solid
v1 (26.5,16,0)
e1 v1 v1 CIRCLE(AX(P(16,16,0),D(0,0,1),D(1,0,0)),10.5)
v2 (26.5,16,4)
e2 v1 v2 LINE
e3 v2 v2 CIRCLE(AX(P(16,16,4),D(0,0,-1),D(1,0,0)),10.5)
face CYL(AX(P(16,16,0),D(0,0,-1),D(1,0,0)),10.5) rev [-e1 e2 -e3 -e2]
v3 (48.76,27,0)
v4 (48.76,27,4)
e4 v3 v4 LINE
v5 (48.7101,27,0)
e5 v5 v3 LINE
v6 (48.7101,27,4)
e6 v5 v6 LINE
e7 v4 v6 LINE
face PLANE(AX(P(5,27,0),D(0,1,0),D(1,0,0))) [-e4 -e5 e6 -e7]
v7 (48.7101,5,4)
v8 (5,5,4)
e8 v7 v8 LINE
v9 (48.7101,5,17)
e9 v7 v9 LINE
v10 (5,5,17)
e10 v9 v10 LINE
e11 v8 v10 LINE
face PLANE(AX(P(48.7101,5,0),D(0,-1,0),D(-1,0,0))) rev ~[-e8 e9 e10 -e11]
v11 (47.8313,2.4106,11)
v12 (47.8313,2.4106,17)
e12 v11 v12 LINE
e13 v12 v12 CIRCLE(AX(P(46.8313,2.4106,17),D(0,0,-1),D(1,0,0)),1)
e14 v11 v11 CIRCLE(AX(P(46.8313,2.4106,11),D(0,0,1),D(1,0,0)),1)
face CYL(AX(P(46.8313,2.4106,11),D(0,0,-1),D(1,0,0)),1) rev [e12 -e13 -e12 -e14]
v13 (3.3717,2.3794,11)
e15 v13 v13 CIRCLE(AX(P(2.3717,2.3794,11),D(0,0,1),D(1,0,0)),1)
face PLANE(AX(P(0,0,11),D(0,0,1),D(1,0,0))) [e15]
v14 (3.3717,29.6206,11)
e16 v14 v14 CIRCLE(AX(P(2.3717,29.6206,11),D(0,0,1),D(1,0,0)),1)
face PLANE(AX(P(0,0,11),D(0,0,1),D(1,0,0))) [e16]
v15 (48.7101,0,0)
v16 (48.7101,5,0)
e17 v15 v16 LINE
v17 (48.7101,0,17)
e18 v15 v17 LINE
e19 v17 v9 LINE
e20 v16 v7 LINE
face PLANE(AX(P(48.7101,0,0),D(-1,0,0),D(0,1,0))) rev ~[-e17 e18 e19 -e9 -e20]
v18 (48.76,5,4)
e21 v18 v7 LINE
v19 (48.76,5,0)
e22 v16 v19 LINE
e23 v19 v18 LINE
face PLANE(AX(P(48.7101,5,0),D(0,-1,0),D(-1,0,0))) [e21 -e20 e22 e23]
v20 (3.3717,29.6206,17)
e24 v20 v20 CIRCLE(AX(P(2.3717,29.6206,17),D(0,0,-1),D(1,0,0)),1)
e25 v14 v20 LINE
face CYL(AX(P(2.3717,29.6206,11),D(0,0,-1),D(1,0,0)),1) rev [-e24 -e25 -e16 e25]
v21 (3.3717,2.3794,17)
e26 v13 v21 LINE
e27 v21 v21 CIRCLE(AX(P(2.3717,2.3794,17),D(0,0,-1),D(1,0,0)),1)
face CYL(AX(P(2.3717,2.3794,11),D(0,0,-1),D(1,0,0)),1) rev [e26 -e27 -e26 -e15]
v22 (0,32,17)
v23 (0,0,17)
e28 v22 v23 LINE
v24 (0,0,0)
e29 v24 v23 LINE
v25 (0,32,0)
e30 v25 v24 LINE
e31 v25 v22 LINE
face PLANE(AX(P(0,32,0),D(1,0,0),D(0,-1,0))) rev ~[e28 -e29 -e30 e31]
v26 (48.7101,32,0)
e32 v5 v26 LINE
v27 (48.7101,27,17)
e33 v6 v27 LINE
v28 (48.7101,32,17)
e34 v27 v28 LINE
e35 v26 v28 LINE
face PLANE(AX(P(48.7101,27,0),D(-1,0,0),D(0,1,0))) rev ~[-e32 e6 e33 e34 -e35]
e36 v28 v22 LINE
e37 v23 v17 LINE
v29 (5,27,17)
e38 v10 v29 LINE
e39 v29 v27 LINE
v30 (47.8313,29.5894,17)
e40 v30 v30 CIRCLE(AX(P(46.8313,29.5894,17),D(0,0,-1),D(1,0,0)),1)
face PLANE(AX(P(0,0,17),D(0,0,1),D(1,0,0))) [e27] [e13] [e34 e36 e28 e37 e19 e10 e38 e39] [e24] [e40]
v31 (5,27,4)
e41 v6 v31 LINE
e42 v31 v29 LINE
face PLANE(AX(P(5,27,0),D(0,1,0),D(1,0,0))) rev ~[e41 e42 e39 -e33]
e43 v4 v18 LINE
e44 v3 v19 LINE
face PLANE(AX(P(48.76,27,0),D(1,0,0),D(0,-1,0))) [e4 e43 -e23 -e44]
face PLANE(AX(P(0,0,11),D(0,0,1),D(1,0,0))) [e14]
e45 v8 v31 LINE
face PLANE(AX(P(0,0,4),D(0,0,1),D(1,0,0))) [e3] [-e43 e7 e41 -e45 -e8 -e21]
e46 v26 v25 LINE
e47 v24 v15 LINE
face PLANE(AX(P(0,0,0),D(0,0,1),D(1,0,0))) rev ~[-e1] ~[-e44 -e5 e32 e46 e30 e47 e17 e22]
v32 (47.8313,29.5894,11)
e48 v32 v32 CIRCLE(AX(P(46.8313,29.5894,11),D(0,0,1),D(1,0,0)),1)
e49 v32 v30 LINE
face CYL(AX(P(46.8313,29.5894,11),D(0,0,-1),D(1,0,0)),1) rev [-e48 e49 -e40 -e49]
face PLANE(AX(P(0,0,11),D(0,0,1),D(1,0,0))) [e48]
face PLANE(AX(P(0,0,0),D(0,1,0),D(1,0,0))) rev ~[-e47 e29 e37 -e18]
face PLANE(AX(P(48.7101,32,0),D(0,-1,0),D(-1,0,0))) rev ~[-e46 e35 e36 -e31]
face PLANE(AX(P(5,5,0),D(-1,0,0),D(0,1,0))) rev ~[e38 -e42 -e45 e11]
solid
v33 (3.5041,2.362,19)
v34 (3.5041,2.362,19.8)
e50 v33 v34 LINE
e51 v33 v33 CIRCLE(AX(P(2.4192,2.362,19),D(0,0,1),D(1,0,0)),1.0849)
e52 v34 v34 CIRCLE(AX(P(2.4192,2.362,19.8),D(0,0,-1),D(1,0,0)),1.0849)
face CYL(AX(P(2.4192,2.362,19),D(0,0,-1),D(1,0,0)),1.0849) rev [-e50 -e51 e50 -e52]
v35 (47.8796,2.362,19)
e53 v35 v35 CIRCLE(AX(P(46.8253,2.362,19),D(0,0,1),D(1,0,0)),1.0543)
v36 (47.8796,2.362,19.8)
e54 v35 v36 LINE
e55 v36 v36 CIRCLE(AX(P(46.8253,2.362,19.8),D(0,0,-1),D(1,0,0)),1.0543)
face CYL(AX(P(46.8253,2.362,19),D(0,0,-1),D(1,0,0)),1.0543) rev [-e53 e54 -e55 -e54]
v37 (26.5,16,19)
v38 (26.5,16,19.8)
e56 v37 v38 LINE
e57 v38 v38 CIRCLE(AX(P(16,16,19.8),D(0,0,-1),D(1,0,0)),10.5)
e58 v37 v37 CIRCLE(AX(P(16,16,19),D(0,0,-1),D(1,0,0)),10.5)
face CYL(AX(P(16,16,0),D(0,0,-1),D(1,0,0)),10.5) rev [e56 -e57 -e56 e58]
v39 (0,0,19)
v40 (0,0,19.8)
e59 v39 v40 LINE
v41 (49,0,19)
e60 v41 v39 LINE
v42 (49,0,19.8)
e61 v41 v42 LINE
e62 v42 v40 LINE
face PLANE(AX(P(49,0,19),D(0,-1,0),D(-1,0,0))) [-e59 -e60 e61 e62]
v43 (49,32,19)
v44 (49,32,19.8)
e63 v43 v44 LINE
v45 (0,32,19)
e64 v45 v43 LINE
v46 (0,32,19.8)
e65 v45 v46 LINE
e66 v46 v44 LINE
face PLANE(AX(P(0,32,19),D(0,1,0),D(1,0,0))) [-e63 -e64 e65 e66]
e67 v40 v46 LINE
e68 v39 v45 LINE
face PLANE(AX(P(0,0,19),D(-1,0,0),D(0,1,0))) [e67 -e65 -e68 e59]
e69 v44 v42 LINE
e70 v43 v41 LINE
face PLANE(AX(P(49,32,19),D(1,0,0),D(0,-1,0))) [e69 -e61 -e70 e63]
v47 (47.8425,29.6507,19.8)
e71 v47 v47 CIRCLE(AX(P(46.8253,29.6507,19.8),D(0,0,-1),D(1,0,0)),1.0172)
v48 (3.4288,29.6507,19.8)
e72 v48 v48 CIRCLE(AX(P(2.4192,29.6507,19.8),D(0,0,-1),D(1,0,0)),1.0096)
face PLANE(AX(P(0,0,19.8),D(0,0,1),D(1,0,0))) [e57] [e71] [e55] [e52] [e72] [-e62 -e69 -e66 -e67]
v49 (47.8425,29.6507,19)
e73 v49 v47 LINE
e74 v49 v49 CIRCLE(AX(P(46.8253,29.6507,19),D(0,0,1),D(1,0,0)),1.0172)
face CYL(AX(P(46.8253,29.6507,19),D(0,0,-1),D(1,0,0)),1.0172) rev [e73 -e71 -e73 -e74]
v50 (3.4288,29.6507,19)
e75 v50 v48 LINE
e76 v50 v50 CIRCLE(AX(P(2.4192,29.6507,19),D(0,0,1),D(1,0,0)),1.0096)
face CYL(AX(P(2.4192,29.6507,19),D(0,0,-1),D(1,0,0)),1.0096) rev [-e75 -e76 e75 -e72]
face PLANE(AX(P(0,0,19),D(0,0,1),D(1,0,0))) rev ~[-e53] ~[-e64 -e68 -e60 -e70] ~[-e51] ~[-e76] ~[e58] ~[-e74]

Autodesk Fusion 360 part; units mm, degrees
sketch "Sketch1" plane through (0, 0, 0) normal (0, 0, 1) x (1, 0, 0)
  line L0 (0, 0) -> (48.7101, 0)
  line L1 (48.7101, 0) -> (48.7101, 32)
  line L2 (48.7101, 32) -> (0, 32)
  line L3 (0, 32) -> (0, 0)
  line L4 (5, 27) -> (48.76, 27)
  line L5 (48.76, 27) -> (48.76, 5)
  line L6 (48.76, 5) -> (5, 5)
  line L7 (5, 5) -> (5, 27)
  circle A0 centre (16, 16) radius 10.5
  line L8 (16, 16) -> (16, 27) construction
  line L9 (16, 16) -> (16, 5) construction
  circle A1 centre (2.3717, 29.6206) radius 1
  circle A2 centre (46.8313, 29.5894) radius 1
  line L10 (0, 16) -> (48.76, 16) construction
  circle A3 centre (2.3717, 2.3794) radius 1
  circle A4 centre (46.8313, 2.4106) radius 1
  dimension "d1" = 5
  dimension "d2" = 5
  dimension "d4" = 43.76
  dimension "d6" = 5
  dimension "d7" = 22
  dimension "d8" = 21
  dimension "d9" = 11
  dimension "d14" = 2
  dimension "d15" = 2
extrude "Extrude1" add sketch "Sketch1" along normal blind 17 contours L0 L1 L2 L3 L4 L6 L7 | A1 | A2 | A3 | A4 makes body 1
extrude "Extrude2" add sketch "Sketch1" along normal blind 4 contours L1 L4 L6 L7 | L1 L4 L5 L6 | A0 bodies 1
extrude "Extrude3" cut sketch "Sketch1" along normal blind 15 from surface at 11 contours A1 | A2 | A3 | A4 bodies 1
ref_plane "WorkPlane1" through (0, 0, 19) normal (0, 0, 1) x (1, 0, 0)
sketch "Sketch2" plane through (0, 0, 19) normal (0, 0, 1) x (1, 0, 0)
  line L0 (0, 32) -> (49, 32)
  line L1 (49, 32) -> (49, 0)
  line L2 (49, 0) -> (0, 0)
  line L3 (0, 0) -> (0, 32)
  circle A0 centre (2.4192, 29.6507) radius 1.0096
  circle A1 centre (46.8253, 29.6507) radius 1.0172
  circle A2 centre (2.4192, 2.362) radius 1.0849
  circle A3 centre (46.8253, 2.362) radius 1.0543
extrude "Extrude4" add sketch "Sketch2" along normal blind 0.8 separate body contours L0 L1 L2 L3 | A0 | A1 | A2 | A3 makes body 2
extrude "Extrude5" cut sketch "Sketch2" along normal blind 5 contours A0 | A1 | A2 | A3 bodies 2
extrude "Extrude6" cut sketch "Sketch1" along normal through all and the other way through all contours A0 bodies 1 2
